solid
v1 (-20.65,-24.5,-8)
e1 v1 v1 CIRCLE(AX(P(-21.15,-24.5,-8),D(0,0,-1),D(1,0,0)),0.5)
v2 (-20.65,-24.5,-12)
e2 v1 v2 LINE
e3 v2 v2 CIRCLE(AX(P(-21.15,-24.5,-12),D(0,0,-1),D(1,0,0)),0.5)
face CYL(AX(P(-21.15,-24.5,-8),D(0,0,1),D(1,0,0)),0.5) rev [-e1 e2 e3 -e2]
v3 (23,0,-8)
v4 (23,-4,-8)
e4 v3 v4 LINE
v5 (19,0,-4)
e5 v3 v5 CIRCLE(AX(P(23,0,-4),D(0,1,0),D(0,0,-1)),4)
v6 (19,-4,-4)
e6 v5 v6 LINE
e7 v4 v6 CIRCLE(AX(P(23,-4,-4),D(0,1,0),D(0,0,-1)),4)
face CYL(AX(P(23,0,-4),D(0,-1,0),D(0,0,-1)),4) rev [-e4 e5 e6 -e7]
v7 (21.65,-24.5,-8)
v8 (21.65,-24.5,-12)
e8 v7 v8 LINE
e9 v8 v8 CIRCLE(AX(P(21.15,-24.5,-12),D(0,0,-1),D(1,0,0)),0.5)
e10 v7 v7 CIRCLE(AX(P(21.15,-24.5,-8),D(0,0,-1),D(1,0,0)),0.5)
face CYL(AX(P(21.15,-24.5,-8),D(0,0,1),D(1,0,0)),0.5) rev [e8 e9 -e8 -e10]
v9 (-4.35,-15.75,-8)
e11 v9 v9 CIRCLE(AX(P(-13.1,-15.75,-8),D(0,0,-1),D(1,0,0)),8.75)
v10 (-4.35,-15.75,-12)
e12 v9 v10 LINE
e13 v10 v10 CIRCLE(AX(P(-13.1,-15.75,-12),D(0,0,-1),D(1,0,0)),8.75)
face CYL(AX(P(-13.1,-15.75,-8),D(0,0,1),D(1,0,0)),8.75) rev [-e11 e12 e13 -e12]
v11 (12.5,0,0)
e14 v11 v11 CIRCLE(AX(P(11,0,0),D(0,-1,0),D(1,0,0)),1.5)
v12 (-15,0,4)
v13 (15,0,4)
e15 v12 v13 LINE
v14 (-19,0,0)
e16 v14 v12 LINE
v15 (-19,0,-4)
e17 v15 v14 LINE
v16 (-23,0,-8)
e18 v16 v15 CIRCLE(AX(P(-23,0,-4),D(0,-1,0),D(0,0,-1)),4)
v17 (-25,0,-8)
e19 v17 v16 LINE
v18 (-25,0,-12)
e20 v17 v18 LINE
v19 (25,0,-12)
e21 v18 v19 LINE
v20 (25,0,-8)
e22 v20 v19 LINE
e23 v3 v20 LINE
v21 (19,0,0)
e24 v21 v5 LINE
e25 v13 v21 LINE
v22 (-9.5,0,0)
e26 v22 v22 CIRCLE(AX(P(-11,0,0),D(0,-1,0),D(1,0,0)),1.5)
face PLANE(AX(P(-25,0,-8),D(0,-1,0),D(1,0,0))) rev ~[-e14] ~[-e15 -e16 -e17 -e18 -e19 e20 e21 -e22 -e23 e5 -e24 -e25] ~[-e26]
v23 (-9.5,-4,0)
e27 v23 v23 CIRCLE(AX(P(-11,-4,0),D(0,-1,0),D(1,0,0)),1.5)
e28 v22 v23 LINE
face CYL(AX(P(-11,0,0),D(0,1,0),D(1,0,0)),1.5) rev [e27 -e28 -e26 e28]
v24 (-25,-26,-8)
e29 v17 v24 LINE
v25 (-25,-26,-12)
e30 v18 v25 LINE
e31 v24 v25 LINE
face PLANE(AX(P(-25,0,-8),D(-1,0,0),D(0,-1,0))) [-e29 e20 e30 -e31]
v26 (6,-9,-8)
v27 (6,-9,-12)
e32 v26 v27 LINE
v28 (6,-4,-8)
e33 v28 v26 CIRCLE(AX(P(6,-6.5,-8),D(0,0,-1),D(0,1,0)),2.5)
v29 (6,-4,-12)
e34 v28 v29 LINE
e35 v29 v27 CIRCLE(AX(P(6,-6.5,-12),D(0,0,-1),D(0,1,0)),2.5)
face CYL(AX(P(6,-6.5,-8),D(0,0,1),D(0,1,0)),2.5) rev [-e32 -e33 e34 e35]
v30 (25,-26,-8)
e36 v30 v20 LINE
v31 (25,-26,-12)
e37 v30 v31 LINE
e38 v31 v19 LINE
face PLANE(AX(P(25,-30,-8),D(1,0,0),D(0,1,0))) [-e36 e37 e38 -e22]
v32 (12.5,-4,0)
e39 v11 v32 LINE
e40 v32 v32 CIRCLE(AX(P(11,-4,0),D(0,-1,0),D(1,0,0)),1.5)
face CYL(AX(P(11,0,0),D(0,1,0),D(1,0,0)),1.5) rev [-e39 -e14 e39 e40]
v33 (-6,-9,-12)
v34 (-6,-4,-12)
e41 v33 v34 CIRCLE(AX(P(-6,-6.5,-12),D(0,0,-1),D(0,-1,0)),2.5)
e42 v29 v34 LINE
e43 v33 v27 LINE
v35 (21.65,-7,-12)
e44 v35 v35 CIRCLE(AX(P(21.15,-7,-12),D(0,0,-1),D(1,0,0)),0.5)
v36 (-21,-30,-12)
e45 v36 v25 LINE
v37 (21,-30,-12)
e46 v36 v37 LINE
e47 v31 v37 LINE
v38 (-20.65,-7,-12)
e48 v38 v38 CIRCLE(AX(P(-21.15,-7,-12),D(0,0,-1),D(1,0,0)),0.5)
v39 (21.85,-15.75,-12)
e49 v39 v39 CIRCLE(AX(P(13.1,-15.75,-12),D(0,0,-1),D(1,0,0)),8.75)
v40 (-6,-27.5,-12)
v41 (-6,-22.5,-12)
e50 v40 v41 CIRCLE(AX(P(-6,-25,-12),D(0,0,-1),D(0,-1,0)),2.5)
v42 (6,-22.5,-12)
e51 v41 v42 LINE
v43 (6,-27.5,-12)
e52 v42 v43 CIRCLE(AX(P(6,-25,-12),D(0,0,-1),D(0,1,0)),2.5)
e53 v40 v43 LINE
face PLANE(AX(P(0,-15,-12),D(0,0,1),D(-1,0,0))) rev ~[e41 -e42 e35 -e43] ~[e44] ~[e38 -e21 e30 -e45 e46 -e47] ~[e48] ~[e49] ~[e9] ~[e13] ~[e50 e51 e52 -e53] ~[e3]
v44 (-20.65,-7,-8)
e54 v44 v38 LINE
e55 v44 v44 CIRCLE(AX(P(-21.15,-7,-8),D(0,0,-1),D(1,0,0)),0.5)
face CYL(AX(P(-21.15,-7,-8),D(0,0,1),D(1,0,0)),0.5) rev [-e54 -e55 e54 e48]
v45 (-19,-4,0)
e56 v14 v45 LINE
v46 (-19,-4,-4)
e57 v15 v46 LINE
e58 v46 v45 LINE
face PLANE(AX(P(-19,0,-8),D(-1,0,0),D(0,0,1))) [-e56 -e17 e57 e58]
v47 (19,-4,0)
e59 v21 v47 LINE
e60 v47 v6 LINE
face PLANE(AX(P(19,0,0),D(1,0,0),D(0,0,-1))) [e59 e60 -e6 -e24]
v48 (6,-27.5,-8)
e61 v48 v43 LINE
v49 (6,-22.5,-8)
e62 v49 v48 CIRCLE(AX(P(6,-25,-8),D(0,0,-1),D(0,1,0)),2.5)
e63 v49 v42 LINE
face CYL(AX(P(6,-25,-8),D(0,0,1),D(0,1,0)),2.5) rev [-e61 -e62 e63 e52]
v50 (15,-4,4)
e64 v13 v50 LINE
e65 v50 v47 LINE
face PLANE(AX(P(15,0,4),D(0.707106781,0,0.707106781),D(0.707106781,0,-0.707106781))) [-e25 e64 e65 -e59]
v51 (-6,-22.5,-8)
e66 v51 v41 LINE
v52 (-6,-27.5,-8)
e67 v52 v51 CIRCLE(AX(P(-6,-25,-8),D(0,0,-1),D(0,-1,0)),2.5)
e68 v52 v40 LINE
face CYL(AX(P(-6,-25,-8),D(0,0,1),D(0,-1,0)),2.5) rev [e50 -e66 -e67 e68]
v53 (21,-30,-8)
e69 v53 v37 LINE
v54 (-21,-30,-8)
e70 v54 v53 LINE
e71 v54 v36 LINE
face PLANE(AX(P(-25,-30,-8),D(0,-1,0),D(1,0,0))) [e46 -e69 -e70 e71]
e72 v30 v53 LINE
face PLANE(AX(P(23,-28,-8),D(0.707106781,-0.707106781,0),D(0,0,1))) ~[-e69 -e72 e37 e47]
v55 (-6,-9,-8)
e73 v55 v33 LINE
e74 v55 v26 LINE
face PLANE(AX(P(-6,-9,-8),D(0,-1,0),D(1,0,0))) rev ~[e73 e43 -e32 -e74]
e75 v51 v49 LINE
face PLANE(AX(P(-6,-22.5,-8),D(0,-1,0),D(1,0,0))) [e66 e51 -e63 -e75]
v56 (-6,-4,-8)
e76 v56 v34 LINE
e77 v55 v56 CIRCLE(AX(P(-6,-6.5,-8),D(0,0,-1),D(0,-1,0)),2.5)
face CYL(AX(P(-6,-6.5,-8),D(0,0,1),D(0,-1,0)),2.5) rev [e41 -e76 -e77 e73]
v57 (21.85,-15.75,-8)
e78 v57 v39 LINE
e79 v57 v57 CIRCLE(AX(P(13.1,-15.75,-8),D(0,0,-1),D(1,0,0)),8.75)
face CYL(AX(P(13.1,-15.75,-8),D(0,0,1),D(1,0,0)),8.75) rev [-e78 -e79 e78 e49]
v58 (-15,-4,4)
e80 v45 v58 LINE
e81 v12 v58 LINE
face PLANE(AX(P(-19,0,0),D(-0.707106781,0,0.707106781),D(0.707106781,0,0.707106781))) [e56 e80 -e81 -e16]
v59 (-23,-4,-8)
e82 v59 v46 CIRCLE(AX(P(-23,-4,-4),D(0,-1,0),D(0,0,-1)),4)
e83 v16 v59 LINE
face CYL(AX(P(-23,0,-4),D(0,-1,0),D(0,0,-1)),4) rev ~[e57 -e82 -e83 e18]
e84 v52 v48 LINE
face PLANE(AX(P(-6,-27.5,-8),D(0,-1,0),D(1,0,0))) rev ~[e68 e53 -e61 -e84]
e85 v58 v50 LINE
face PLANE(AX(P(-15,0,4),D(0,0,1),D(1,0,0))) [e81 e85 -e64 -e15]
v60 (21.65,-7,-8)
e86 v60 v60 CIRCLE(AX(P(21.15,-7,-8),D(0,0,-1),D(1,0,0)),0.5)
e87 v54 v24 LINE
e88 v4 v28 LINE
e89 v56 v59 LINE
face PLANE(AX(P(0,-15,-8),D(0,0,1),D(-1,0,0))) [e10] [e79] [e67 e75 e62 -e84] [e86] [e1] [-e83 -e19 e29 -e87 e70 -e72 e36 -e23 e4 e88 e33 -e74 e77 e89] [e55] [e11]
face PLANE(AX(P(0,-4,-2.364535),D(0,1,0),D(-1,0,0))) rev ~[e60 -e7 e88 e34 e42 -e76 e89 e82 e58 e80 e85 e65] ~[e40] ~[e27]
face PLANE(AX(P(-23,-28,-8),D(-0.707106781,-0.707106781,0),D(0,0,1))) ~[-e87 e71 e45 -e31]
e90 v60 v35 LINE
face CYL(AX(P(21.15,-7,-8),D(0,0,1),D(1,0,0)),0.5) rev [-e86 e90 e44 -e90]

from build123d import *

# Parameters (mm, degrees)
SKETCH_R             = 1.5
PAD_DEPTH            = 4
SKETCH001_R          = 0.5
SKETCH001_R_2        = 8.75
PAD001_DEPTH         = 4
FILLET_R             = 4
CHAMFER_SIZE         = 4
BODY_PLACEMENT_ANGLE = 90


with BuildPart() as part:
    # Sketch → Pad (new body)
    with BuildSketch(Plane.XY):
        Polygon((-15, 4), (15, 4), (19, 0), (19, -8), (-19, -8), (-19, 0), align=None)
        with Locations((-11, 0)):
            Circle(SKETCH_R, mode=Mode.SUBTRACT)
        with Locations((11, 0)):
            Circle(SKETCH_R, mode=Mode.SUBTRACT)
    extrude(amount=PAD_DEPTH)

    # Sketch001 (on Face2 of Pad) → Pad001 (join)
    with BuildSketch(Plane.XZ.offset(8)):
        Polygon((-25, 30), (25, 30), (25, 0), (0, 0), (-25, 0), align=None)
        with Locations((-21.15, 24.5)):
            Circle(SKETCH001_R, mode=Mode.SUBTRACT)
        with Locations((-21.15, 7)):
            Circle(SKETCH001_R, mode=Mode.SUBTRACT)
        with Locations((21.15, 7)):
            Circle(SKETCH001_R, mode=Mode.SUBTRACT)
        with Locations((21.15, 24.5)):
            Circle(SKETCH001_R, mode=Mode.SUBTRACT)
        with Locations((-13.1, 15.75)):
            Circle(SKETCH001_R_2, mode=Mode.SUBTRACT)
        with Locations((13.1, 15.75)):
            Circle(SKETCH001_R_2, mode=Mode.SUBTRACT)
        with BuildLine():
            Line((-6, 4), (0, 4))
            Line((6, 4), (0, 4))
            ThreePointArc((6, 4), (8.5, 6.5), (6, 9))
            Line((-6, 9), (6, 9))
            ThreePointArc((-6, 9), (-8.5, 6.5), (-6, 4))
        make_face(mode=Mode.SUBTRACT)
        with BuildLine():
            Line((-6, 27.5), (0, 27.5))
            Line((0, 27.5), (6, 27.5))
            ThreePointArc((6, 22.5), (8.5, 25), (6, 27.5))
            Line((-6, 22.5), (6, 22.5))
            ThreePointArc((-6, 27.5), (-8.5, 25), (-6, 22.5))
        make_face(mode=Mode.SUBTRACT)
    extrude(amount=PAD001_DEPTH)

    # Fillet
    fillet_edges = [part.edges().sort_by_distance(p)[0] for p in [
        (19, -8, 2),
        (-19, -8, 2),
    ]]
    fillet(fillet_edges, radius=FILLET_R)

    # Chamfer
    chamfer_edges = [part.edges().sort_by_distance(p)[0] for p in [
        (-25, -10, 30),
        (25, -10, 30),
    ]]
    chamfer(chamfer_edges, length=CHAMFER_SIZE)


with BuildPart() as part_1:
    # Body placement: moved
    add(part.part.rotate(Axis((0, 0, 0), (1, 0, 0)), BODY_PLACEMENT_ANGLE))


solid = part_1.part
